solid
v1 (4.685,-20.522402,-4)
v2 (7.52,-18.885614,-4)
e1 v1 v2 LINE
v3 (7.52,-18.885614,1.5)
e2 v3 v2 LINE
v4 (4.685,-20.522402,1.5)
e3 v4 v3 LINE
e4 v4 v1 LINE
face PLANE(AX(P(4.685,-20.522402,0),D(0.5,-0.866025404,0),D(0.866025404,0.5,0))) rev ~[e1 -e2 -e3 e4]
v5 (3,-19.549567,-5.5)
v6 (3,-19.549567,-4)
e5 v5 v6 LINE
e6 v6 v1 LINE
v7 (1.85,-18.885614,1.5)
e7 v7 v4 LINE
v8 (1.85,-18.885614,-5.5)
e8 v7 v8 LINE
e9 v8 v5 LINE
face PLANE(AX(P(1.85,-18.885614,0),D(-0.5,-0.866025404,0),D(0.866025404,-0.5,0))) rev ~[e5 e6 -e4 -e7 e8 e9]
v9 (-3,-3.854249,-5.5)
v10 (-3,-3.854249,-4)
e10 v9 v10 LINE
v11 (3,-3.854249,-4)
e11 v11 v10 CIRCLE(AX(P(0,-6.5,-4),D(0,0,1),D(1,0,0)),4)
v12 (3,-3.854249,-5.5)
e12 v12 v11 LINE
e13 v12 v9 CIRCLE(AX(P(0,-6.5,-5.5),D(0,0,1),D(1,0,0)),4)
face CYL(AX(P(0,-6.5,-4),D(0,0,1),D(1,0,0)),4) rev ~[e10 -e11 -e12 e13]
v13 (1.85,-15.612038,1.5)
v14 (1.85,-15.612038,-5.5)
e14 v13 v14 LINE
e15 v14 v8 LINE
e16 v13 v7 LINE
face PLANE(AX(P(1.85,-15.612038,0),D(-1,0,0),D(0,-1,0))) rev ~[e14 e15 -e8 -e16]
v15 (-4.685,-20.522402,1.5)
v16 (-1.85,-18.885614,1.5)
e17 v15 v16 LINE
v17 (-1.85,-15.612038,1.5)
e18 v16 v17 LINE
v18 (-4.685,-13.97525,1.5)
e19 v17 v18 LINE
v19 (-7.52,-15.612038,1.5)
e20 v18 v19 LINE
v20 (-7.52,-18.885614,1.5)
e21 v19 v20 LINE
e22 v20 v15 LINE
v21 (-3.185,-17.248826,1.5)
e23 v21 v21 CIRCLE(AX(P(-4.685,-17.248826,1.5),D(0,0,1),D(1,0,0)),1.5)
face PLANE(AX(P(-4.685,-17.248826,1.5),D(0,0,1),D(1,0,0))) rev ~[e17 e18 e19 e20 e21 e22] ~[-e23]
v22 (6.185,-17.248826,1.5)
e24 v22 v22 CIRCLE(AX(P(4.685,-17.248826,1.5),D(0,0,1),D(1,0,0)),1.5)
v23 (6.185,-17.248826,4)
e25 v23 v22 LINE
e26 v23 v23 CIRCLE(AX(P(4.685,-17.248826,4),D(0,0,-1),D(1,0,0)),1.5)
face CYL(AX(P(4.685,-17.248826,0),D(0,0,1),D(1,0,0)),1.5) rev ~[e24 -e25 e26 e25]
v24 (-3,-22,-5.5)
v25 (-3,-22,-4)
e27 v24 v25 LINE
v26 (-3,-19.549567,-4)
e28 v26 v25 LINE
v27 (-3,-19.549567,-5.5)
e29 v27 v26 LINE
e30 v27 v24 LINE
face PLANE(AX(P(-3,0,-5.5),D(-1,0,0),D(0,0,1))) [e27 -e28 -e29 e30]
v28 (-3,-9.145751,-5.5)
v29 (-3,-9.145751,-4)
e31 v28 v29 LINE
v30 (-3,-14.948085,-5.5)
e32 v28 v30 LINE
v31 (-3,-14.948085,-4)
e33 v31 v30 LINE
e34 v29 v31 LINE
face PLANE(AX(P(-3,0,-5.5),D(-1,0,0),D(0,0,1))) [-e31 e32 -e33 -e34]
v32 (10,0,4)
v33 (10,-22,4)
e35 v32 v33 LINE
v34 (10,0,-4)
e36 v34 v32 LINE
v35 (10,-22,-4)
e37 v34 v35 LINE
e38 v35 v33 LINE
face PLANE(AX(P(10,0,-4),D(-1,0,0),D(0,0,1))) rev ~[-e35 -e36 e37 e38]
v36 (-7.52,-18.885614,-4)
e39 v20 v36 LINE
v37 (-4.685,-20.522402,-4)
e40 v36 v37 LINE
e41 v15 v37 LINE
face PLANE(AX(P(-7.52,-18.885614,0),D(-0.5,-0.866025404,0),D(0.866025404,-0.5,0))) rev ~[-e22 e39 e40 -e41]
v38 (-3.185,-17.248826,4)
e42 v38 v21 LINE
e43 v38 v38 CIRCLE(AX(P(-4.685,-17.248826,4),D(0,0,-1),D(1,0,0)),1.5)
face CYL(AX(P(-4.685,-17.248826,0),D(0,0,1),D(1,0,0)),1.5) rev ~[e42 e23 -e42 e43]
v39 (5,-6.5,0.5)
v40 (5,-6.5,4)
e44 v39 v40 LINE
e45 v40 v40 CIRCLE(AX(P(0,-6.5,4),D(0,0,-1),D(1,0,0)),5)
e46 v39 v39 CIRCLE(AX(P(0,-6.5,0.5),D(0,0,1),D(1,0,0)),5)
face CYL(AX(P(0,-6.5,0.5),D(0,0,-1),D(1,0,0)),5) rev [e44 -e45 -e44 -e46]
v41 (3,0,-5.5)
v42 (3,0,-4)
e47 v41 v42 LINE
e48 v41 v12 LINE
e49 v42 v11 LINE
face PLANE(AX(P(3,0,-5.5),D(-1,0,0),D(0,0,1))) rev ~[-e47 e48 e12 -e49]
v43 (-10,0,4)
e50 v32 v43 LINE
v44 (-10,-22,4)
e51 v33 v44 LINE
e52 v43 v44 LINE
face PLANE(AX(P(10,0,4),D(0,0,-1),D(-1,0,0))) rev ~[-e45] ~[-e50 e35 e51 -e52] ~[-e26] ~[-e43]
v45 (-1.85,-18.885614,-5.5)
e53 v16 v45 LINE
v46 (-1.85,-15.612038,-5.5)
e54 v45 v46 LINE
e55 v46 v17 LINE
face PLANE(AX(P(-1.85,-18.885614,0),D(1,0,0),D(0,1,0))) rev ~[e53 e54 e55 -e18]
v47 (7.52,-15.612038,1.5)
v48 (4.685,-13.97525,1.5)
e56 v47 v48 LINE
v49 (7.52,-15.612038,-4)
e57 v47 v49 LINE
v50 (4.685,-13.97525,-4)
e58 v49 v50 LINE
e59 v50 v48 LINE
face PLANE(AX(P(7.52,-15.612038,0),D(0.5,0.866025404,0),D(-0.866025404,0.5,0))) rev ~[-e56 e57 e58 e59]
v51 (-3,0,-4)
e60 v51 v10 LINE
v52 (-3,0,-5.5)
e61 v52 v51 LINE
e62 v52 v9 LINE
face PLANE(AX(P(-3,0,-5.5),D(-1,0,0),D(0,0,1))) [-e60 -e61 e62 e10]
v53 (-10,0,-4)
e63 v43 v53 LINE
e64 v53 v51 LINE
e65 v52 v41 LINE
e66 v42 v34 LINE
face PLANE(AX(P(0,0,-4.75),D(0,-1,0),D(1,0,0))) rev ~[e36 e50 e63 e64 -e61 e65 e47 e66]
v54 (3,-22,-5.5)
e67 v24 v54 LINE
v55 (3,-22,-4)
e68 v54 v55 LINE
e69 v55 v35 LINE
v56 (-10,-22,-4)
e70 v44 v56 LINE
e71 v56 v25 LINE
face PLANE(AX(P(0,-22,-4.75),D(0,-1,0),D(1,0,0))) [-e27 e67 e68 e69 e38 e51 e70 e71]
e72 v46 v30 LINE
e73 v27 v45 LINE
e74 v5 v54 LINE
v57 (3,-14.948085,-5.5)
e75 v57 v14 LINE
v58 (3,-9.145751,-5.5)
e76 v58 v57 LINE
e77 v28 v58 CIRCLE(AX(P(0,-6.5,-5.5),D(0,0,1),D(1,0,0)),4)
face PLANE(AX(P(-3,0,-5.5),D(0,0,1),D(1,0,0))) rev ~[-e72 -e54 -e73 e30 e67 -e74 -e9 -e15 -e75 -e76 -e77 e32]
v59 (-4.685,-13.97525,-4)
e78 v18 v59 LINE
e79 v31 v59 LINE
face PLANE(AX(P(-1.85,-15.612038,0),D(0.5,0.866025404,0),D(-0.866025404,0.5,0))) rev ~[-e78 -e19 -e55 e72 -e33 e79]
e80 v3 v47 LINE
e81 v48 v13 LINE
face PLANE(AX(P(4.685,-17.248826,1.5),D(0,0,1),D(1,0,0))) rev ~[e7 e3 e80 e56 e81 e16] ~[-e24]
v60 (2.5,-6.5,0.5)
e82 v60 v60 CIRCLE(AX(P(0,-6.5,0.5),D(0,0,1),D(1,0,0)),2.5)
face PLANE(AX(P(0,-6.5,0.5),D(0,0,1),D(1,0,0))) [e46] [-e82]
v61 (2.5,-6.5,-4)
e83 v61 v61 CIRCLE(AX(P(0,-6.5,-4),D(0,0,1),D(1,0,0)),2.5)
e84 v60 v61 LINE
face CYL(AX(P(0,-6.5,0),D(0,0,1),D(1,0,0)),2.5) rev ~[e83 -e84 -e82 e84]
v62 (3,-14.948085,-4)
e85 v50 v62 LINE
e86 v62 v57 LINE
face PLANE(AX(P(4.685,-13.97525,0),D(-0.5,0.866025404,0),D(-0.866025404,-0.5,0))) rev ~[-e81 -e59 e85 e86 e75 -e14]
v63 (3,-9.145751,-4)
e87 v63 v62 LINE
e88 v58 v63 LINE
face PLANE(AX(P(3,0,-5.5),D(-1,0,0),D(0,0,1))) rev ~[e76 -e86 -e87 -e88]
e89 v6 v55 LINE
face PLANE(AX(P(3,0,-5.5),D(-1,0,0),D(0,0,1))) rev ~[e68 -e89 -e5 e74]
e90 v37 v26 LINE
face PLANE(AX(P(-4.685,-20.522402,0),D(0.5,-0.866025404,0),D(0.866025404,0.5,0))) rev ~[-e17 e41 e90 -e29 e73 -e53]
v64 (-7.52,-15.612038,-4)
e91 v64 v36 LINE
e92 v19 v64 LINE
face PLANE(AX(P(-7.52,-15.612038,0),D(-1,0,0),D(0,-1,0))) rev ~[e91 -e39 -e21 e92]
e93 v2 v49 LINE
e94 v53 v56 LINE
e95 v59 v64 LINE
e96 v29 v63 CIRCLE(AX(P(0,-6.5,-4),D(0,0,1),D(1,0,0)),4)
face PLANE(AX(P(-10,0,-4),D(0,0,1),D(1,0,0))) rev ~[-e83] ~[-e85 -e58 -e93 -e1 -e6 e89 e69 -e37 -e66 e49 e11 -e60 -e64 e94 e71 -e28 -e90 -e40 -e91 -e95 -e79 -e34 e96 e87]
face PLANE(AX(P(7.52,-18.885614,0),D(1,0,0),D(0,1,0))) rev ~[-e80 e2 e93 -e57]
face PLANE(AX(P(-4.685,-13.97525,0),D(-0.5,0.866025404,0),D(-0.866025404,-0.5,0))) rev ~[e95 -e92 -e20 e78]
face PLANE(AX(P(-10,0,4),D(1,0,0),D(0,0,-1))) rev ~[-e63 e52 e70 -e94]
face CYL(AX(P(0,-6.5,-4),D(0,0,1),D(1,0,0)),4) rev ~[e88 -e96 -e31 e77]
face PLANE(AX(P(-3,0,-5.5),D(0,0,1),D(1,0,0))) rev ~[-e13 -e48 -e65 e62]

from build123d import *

# Parameters (mm, degrees)
F0_W          = 6
F0_H          = 1.5
F1_DEPTH      = 22
F2_R          = 2.5
F3_DEPTH      = 25
F3_DEPTH_BACK = 25
F4_START      = 0.5
F2_R_2        = 5
F2_R_3        = 4
F4_DEPTH      = 24.5
F2_R_4        = 1.5
F5_DEPTH      = 25
F5_DEPTH_BACK = 25
F6_DEPTH      = 25
F6_DEPTH_BACK = 1.5
F7_START      = -4
F7_DEPTH      = 21


with BuildPart() as f1:
    # F0 (on Front) → F1 (new body)
    with BuildSketch(Plane.XZ):
        with Locations((0, -4.75)):
            Rectangle(F0_W, F0_H)
        Polygon((3, -4), (10, -4), (10, 4), (-10, 4), (-10, -4), (-3, -4), align=None)
    extrude(amount=F1_DEPTH)

    # F2 (on Top) → F3 (cut, two sides)
    with BuildSketch(Plane.XY) as f3_sk:
        with Locations((0, -6.5)):
            Circle(F2_R)
    extrude(amount=F3_DEPTH, mode=Mode.SUBTRACT)
    extrude(f3_sk.sketch, amount=-F3_DEPTH_BACK, mode=Mode.SUBTRACT)

    # F2 (on Top) → F4 (cut)
    with BuildSketch(Plane.XY.offset(F4_START)):
        with Locations((0, -6.5)):
            Circle(F2_R_2)
        with Locations((0, -6.5)):
            Circle(F2_R_3, mode=Mode.SUBTRACT)
        with Locations((0, -6.5)):
            Circle(F2_R_3)
        with Locations((0, -6.5)):
            Circle(F2_R, mode=Mode.SUBTRACT)
    extrude(amount=F4_DEPTH, mode=Mode.SUBTRACT)

    # F2 (on Top) → F5 (cut, two sides)
    with BuildSketch(Plane.XY) as f5_sk:
        with Locations((-4.685, -17.2488261014)):
            Circle(F2_R_4)
        with Locations((4.685, -17.2488261014)):
            Circle(F2_R_4)
    extrude(amount=F5_DEPTH, mode=Mode.SUBTRACT)
    extrude(f5_sk.sketch, amount=-F5_DEPTH_BACK, mode=Mode.SUBTRACT)

    # F2 (on Top) → F6 (cut, two sides)
    with BuildSketch(Plane.XY) as f6_sk:
        Polygon((-1.85, -18.8856141146), (-1.85, -15.6120380883), (-4.685, -13.9752500751), (-7.52, -15.6120380883), (-7.52, -18.8856141146), (-4.685, -20.5224021277), align=None)
        with Locations((-4.685, -17.2488261014)):
            Circle(F2_R_4, mode=Mode.SUBTRACT)
        Polygon((7.52, -18.8856141146), (7.52, -15.6120380883), (4.685, -13.9752500751), (1.85, -15.6120380883), (1.85, -18.8856141146), (4.685, -20.5224021277), align=None)
        with Locations((4.685, -17.2488261014)):
            Circle(F2_R_4, mode=Mode.SUBTRACT)
    extrude(amount=-F6_DEPTH, mode=Mode.SUBTRACT)
    extrude(f6_sk.sketch, amount=F6_DEPTH_BACK, mode=Mode.SUBTRACT)

    # F2 (on Top) → F7 (cut)
    with BuildSketch(Plane.XY.offset(F7_START)):
        with Locations((0, -6.5)):
            Circle(F2_R_3)
        with Locations((0, -6.5)):
            Circle(F2_R, mode=Mode.SUBTRACT)
    extrude(amount=-F7_DEPTH, mode=Mode.SUBTRACT)


solid = f1.part
